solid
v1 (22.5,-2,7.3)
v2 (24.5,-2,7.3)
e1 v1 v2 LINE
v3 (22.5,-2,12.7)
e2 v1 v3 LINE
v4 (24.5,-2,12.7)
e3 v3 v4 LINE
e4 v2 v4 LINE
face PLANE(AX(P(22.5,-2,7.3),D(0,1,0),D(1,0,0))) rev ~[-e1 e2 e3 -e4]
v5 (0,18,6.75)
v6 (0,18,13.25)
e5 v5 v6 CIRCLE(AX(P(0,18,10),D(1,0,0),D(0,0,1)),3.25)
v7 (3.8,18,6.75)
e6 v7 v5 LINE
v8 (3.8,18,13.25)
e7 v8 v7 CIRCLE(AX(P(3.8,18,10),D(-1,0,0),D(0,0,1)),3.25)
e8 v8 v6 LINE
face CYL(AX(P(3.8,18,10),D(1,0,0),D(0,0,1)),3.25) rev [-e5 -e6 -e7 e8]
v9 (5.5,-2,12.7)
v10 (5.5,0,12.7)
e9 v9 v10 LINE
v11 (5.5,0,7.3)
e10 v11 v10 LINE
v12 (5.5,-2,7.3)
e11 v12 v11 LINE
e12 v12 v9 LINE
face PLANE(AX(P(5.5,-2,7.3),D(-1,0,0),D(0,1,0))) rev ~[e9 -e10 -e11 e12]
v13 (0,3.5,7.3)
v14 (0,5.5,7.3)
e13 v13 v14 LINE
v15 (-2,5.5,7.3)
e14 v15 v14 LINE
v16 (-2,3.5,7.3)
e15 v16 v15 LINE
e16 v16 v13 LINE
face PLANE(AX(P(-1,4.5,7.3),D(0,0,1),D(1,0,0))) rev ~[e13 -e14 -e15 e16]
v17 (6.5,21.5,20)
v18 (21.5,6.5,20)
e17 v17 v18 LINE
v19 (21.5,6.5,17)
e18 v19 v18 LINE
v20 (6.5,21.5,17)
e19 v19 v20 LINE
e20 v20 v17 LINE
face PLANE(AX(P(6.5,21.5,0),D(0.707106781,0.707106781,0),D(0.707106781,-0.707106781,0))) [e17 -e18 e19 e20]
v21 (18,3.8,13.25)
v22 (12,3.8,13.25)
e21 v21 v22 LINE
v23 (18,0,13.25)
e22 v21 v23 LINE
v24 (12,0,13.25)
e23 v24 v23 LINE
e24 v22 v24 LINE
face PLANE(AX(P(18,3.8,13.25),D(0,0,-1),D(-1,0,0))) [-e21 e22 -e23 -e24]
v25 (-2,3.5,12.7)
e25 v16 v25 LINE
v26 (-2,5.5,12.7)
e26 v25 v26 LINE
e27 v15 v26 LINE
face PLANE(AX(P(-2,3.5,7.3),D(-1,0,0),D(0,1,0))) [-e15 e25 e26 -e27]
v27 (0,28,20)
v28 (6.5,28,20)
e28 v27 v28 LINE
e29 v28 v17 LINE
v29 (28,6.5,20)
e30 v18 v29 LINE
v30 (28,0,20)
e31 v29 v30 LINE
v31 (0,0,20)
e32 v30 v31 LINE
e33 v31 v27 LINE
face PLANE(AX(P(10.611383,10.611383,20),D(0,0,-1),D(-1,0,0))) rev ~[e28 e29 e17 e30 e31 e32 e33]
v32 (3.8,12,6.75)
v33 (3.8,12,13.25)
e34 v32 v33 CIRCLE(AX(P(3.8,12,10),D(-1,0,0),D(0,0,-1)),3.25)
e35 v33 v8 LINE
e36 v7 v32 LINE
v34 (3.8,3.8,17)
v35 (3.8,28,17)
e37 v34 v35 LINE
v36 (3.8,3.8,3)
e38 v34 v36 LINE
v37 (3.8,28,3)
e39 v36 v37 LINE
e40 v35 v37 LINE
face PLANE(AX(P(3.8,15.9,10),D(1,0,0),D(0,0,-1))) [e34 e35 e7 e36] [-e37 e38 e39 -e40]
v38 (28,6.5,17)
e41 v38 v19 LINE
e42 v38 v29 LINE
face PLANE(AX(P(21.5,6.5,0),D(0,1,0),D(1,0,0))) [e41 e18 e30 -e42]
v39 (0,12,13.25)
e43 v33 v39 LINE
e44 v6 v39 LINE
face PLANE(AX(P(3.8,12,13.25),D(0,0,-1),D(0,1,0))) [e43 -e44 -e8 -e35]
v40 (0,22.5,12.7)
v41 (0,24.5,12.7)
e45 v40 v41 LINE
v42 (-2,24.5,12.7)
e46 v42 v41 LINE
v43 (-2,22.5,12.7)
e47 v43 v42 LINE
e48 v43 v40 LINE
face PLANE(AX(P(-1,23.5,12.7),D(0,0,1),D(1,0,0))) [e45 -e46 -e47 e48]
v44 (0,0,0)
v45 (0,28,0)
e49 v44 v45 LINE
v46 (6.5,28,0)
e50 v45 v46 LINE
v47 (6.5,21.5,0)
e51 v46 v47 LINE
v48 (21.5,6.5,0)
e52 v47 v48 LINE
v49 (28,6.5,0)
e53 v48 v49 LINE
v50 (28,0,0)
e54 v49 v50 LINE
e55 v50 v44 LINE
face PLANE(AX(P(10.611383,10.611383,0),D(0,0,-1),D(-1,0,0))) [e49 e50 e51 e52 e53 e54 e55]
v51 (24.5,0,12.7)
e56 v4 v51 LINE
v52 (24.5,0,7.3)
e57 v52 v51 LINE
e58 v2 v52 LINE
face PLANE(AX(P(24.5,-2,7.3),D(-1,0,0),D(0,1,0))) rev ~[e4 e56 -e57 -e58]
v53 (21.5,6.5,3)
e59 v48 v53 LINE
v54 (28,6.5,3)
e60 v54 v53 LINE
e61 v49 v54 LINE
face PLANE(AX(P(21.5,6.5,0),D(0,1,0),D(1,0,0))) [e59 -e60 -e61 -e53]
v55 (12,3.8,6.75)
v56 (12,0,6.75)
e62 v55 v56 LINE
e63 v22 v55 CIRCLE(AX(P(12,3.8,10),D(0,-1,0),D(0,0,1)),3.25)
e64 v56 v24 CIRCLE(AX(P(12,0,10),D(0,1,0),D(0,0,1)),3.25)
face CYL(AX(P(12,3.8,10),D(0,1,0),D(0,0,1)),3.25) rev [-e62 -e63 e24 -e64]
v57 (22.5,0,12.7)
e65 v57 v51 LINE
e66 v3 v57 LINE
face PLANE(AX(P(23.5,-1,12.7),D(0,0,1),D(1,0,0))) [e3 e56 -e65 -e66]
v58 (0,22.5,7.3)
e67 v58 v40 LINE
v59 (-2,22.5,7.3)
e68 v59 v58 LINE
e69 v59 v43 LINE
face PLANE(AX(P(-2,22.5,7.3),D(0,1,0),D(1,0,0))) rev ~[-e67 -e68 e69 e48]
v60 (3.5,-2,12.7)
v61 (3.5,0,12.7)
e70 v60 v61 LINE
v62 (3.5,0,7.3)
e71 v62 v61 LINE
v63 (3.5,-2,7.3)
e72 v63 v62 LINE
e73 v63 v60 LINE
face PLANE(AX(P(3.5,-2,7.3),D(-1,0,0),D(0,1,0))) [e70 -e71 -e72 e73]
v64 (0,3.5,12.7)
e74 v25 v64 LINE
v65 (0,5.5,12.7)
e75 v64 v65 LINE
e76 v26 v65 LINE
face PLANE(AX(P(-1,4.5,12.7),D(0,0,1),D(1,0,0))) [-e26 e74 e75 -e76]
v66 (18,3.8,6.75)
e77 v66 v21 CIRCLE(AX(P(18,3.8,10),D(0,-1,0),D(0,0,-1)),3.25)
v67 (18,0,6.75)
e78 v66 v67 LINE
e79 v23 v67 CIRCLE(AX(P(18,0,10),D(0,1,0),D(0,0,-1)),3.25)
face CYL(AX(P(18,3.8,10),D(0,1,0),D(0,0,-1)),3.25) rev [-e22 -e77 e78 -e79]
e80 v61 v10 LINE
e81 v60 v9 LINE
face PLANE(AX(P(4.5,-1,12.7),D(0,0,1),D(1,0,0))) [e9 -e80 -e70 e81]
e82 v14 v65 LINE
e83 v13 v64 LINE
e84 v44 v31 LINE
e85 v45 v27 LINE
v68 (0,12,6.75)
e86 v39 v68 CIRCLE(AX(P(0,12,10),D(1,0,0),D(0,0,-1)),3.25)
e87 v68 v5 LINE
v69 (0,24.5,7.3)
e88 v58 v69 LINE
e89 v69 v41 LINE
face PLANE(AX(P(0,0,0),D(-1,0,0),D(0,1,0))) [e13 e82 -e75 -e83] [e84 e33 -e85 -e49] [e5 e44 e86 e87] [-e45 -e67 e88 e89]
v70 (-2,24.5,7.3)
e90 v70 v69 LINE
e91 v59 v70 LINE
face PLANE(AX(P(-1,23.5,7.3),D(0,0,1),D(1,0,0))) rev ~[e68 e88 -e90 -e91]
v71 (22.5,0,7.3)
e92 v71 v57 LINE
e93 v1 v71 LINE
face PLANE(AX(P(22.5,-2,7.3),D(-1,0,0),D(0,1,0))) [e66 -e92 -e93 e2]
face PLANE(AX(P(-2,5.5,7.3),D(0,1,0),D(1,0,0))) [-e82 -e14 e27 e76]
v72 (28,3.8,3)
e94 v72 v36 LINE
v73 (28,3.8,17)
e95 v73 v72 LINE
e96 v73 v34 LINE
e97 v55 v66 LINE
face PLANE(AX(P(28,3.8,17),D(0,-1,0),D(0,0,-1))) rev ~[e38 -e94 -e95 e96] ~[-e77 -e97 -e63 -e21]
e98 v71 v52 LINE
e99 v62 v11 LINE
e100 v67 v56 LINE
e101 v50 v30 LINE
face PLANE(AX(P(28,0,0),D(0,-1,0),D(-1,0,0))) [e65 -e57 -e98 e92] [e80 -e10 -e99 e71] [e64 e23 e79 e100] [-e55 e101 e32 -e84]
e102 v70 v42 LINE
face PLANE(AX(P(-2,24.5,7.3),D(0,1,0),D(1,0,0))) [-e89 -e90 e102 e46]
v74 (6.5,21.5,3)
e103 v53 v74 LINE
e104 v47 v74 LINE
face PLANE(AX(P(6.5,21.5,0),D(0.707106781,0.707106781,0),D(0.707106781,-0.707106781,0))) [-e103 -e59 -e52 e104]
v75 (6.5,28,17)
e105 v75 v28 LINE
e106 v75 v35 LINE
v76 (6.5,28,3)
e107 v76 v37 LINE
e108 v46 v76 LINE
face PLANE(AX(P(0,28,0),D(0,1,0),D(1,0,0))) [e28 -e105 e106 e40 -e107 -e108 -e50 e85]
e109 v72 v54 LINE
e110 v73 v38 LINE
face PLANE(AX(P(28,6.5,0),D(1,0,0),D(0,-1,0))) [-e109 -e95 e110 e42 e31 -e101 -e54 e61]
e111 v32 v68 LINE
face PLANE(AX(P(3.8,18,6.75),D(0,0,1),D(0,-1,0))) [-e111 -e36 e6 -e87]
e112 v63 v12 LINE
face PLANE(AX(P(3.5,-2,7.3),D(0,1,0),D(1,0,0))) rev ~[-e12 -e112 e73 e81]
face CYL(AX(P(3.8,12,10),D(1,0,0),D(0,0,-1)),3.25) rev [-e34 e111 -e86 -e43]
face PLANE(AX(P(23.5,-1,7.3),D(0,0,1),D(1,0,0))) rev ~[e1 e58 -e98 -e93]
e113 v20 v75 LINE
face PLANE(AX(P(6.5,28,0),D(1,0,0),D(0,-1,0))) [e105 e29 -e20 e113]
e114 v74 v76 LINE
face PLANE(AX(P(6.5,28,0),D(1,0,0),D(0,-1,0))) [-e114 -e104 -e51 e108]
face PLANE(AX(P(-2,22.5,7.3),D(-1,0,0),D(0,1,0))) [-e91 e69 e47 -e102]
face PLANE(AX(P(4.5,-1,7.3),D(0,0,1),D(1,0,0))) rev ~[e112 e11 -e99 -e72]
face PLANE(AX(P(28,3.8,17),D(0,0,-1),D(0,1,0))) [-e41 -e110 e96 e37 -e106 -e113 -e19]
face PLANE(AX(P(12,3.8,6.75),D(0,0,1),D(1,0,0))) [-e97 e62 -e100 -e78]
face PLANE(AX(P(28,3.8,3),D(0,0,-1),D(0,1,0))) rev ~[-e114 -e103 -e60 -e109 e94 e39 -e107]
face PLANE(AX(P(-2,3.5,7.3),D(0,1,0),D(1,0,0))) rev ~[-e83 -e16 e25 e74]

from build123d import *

# Parameters (mm, degrees)
EXTRUDE_3_DEPTH      = 20
SKETCH_8_W           = 14
SKETCH_8_H           = 24.2
CUT_EXTRUDE_5_DEPTH  = 24.2
CUT_EXTRUDE_6_DEPTH  = 43.067089274
CUT_EXTRUDE_7_DEPTH  = 43.067089274
EXTRUDE_4_DEPTH      = 2.7
EXTRUDE_4_DEPTH_BACK = 2.7
SKETCH_11_W          = 2
SKETCH_11_H          = 2


with BuildPart() as part:
    # 草图7 → 凸台-拉伸3 (new body)
    with BuildSketch(Plane.XY):
        Polygon((0, 0), (0, 28), (6.5, 28), (6.5, 21.5), (21.5, 6.5), (28, 6.5), (28, 0), align=None)
    extrude(amount=EXTRUDE_3_DEPTH)

    # 草图8 → 切除-拉伸5 (cut)
    with BuildSketch(Plane(origin=(28, 0, 0), x_dir=(0, 0, -1), z_dir=(1, 0, 0))):
        with Locations((-10, 15.9)):
            Rectangle(SKETCH_8_W, SKETCH_8_H)
    extrude(amount=-CUT_EXTRUDE_5_DEPTH, mode=Mode.SUBTRACT)

    # 草图9 → 切除-拉伸6 (cut, through all)
    with BuildSketch(Plane(origin=(3.8, 0, 0), x_dir=(0, 0, -1), z_dir=(1, 0, 0))):
        with BuildLine():
            Line((-6.75, 18), (-6.75, 12))
            ThreePointArc((-6.75, 12), (-10, 8.75), (-13.25, 12))
            Line((-13.25, 12), (-13.25, 18))
            ThreePointArc((-13.25, 18), (-10, 21.25), (-6.75, 18))
        make_face()
    extrude(amount=-CUT_EXTRUDE_6_DEPTH, mode=Mode.SUBTRACT)

    # 草图10 → 切除-拉伸7 (cut, through all)
    with BuildSketch(Plane(origin=(0, 3.8, 0), x_dir=(1, 0, 0), z_dir=(0, 1, 0))):
        with BuildLine():
            Line((12, -6.75), (18, -6.75))
            ThreePointArc((18, -6.75), (21.25, -10), (18, -13.25))
            Line((18, -13.25), (12, -13.25))
            ThreePointArc((12, -13.25), (8.75, -10), (12, -6.75))
        make_face()
    extrude(amount=-CUT_EXTRUDE_7_DEPTH, mode=Mode.SUBTRACT)

    # 草图11 → 凸台-拉伸4 (add, two sides: drawn at the far end of the back side and taken through both)
    with BuildSketch(Plane.XY.offset(10).offset(-EXTRUDE_4_DEPTH_BACK)):
        with Locations((4.5, -1)):
            Rectangle(SKETCH_11_W, SKETCH_11_H)
        with Locations((23.5, -1)):
            Rectangle(SKETCH_11_W, SKETCH_11_H)
        with Locations((-1, 23.5)):
            Rectangle(SKETCH_11_W, SKETCH_11_H)
        with Locations((-1, 4.5)):
            Rectangle(SKETCH_11_W, SKETCH_11_H)
    extrude(amount=EXTRUDE_4_DEPTH + EXTRUDE_4_DEPTH_BACK)


solid = part.part
